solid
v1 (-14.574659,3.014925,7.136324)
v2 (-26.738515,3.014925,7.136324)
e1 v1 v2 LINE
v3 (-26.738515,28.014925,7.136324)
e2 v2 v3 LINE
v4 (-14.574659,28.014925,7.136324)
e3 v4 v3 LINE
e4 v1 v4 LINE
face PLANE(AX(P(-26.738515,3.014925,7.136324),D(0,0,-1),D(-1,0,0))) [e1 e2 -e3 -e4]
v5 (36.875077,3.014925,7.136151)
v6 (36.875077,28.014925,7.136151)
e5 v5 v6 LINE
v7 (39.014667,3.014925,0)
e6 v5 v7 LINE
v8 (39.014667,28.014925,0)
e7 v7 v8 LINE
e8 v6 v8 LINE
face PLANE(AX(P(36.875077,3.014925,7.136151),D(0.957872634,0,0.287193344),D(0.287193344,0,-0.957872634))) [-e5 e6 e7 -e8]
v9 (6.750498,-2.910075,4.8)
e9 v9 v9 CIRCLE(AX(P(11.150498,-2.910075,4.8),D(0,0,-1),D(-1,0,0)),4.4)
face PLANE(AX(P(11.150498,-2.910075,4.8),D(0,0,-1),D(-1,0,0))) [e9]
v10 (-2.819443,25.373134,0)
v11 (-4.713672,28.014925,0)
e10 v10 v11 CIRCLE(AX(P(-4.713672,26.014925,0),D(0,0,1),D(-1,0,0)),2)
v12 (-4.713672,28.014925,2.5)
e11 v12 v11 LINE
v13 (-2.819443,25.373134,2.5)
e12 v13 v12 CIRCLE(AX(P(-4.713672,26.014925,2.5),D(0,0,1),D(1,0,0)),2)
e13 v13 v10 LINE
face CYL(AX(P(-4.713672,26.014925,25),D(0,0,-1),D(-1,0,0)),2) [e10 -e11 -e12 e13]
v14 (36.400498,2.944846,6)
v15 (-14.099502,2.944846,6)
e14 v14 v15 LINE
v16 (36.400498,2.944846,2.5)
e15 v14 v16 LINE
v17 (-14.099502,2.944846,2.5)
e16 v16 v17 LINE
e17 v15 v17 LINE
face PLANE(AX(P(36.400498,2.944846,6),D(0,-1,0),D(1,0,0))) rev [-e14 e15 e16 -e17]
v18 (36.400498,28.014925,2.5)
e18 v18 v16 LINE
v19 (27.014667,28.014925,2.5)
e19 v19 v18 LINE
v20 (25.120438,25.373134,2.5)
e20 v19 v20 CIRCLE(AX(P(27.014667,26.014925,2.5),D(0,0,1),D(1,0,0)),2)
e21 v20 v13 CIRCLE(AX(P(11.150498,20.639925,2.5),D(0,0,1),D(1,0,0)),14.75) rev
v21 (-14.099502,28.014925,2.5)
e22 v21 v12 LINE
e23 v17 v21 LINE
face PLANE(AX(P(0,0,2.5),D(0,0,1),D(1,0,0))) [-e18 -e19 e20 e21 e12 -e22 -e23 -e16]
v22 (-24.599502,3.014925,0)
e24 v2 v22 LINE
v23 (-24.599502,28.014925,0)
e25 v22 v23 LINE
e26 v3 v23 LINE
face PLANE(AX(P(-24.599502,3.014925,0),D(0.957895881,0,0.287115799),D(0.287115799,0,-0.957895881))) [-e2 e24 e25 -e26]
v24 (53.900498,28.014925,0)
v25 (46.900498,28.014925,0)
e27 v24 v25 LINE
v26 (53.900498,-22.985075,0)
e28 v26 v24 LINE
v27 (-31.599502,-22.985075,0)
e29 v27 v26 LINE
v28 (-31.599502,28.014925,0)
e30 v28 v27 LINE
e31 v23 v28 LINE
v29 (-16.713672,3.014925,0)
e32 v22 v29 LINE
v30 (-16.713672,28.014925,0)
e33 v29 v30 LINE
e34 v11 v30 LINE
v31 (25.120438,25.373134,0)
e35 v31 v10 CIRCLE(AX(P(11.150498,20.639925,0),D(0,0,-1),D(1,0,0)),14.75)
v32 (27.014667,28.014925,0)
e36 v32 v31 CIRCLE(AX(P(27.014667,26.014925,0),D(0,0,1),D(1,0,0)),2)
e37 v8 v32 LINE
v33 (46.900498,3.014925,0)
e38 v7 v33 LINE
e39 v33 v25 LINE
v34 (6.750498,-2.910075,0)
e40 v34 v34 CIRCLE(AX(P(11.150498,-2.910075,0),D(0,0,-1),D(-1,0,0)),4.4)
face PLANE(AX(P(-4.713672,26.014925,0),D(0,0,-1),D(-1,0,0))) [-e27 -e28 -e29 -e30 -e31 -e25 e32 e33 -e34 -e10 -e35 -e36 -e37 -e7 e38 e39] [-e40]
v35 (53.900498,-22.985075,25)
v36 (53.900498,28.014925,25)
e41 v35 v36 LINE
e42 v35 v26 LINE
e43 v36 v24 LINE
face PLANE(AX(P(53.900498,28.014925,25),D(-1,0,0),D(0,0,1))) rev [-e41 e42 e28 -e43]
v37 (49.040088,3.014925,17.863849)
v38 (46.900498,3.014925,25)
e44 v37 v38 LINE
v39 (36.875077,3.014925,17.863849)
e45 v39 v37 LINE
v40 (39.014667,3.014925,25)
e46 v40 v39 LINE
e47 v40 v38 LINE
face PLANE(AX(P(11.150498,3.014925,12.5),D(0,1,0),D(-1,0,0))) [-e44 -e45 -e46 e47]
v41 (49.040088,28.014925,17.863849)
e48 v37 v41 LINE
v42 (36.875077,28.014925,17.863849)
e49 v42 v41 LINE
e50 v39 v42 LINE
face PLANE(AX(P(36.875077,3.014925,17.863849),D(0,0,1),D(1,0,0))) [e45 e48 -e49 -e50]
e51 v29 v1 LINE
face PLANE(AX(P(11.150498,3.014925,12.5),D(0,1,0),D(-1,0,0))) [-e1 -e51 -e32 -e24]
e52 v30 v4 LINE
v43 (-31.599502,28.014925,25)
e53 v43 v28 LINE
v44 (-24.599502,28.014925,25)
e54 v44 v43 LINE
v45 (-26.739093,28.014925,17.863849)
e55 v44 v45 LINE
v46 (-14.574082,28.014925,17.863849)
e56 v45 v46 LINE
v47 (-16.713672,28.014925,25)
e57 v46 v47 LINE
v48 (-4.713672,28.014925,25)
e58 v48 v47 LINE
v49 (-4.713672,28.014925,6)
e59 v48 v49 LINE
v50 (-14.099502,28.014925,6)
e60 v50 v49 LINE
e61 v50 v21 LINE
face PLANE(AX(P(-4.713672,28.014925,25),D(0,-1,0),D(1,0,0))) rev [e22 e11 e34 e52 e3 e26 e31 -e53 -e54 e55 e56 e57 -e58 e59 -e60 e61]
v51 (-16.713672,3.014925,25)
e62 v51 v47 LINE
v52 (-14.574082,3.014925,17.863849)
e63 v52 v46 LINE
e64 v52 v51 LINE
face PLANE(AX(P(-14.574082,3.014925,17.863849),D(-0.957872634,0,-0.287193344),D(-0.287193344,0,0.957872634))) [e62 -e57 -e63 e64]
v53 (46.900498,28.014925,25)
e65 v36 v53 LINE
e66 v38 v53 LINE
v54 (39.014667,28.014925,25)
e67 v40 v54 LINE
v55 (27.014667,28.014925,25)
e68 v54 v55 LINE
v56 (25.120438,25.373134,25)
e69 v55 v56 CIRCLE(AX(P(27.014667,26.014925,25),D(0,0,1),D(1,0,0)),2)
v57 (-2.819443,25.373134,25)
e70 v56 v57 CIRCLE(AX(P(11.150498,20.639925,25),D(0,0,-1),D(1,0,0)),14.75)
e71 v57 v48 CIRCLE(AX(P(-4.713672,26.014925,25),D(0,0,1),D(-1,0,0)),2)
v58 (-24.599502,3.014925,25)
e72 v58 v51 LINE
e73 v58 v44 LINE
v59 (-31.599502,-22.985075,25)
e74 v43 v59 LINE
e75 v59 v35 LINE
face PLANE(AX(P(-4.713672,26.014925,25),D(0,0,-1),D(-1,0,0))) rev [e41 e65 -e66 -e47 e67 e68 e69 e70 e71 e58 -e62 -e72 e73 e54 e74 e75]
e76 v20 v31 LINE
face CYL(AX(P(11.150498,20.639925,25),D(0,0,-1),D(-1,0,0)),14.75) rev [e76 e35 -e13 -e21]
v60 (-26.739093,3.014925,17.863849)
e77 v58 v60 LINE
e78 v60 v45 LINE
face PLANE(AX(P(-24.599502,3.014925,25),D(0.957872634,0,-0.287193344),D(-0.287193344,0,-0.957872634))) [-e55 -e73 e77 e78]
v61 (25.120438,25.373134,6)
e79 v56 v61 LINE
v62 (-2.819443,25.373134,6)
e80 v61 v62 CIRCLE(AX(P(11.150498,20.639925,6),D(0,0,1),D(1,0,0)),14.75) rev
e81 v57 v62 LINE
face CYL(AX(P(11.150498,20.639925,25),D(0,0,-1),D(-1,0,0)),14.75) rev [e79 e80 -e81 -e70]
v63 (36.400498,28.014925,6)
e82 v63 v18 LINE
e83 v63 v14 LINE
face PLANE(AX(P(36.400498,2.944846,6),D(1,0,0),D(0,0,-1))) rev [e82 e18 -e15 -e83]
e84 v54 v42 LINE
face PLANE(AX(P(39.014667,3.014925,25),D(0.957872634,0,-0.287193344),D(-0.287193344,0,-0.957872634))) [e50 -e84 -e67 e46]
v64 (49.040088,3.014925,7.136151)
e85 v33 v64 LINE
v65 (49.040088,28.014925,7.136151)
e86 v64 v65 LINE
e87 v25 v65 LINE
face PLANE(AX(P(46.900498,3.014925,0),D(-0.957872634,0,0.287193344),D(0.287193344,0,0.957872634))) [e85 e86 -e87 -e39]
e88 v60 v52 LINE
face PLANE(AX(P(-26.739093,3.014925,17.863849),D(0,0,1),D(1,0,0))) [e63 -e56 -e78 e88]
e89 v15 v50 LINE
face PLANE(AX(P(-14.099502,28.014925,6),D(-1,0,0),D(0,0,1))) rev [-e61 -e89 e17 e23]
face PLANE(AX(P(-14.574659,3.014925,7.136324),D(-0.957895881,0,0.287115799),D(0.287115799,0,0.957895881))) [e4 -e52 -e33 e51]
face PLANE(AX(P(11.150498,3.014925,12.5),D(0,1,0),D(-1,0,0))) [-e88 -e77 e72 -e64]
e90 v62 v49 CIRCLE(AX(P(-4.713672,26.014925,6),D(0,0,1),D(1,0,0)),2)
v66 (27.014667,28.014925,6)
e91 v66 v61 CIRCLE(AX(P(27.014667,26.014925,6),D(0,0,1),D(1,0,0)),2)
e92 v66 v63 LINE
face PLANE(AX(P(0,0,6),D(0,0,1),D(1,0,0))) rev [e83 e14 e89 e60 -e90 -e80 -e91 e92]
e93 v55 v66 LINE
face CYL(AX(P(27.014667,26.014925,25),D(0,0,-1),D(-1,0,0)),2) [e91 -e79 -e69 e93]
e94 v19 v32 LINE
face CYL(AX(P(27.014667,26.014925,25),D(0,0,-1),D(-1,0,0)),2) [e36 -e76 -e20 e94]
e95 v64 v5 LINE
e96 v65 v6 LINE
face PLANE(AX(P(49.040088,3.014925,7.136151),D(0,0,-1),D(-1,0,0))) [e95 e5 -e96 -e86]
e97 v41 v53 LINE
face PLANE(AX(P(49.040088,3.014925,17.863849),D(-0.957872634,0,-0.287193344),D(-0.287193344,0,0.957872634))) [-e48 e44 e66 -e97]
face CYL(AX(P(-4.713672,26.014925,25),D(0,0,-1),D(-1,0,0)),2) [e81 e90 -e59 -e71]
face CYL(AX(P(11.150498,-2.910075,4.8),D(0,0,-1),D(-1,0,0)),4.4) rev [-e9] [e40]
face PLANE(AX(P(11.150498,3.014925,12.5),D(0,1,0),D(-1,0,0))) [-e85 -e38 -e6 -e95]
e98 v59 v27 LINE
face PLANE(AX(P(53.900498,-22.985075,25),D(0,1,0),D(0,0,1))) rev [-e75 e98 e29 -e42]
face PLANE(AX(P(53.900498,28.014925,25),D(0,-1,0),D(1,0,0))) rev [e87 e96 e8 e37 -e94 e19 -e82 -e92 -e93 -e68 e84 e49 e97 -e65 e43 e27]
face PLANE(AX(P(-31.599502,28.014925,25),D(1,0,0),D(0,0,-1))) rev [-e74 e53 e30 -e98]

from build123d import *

# Parameters (mm, degrees)
BOSS_EXTRUDE1_DEPTH = 25
CUT_EXTRUDE3_START  = -25
SKETCH5_R           = 4.4
CUT_EXTRUDE3_DEPTH  = 4.8
SKETCH6_OUTSIDE_W   = 108.03
SKETCH6_OUTSIDE_H   = 47.53
CUT_EXTRUDE4_DEPTH  = 25
SKETCH8_W           = 50.5
SKETCH8_H           = 25.070079704
CUT_EXTRUDE5_DEPTH  = 3.5


with BuildPart() as part:
    # Sketch2 → Boss-Extrude1 (new body)
    with BuildSketch(Plane.XY):
        with BuildLine():
            Line((53.900497512, 28.014925373), (27.014667046, 28.014925373))
            ThreePointArc((27.014667046, 28.014925373), (25.389308303, 27.180347595), (25.120437848, 25.373134328))
            ThreePointArc((25.120437848, 25.373134328), (11.150497512, 5.889925373), (-2.819442823, 25.373134328))
            ThreePointArc((-2.819442823, 25.373134328), (-3.088313278, 27.180347595), (-4.713672021, 28.014925373))
            Line((-4.713672021, 28.014925373), (-31.599502488, 28.014925373))
            Line((-31.599502488, 28.014925373), (-31.599502488, -22.985074627))
            Line((-31.599502488, -22.985074627), (53.900497512, -22.985074627))
            Line((53.900497512, -22.985074627), (53.900497512, 28.014925373))
        make_face()
    extrude(amount=BOSS_EXTRUDE1_DEPTH)

    # Sketch5 → Cut-Extrude3 (cut)
    with BuildSketch(Plane.XY.offset(25).offset(CUT_EXTRUDE3_START)):
        with Locations((11.150497512, -2.910074627)):
            Circle(SKETCH5_R)
    extrude(amount=CUT_EXTRUDE3_DEPTH, mode=Mode.SUBTRACT)

    # Sketch6 outside → Cut-Extrude4 (cut)
    with BuildSketch(Plane(origin=(0, 28.014925373, 0), x_dir=(1, 0, 0), z_dir=(0, 1, 0))):
        with Locations((11.15, -12.5)):
            Rectangle(SKETCH6_OUTSIDE_W, SKETCH6_OUTSIDE_H)
        Polygon((-24.599502488, 0), (-26.73851519, -7.13632431), (-14.574659319, -7.13632431), (-16.713672021, 0), (-4.713672021, 0), (27.014667046, 0), (39.014667046, 0), (36.875076634, -7.136151124), (49.040087925, -7.136151124), (46.900497512, 0), (53.900497512, 0), (53.900497512, -25), (46.900497512, -25), (49.040087925, -17.863848876), (36.875076634, -17.863848876), (39.014667046, -25), (27.014667046, -25), (-4.713672021, -25), (-16.713672021, -25), (-14.574081609, -17.863848876), (-26.7390929, -17.863848876), (-24.599502488, -25), (-31.599502488, -25), (-31.599502488, 0), align=None, mode=Mode.SUBTRACT)
    extrude(amount=-CUT_EXTRUDE4_DEPTH, mode=Mode.SUBTRACT)

    # Sketch8 → Cut-Extrude5 (cut)
    with BuildSketch(Plane(origin=(0, 0, 2.5), x_dir=(-1, 0, 0), z_dir=(0, 0, -1))):
        with Locations((-11.150497512, 15.479885521)):
            Rectangle(SKETCH8_W, SKETCH8_H)
    extrude(amount=-CUT_EXTRUDE5_DEPTH, mode=Mode.SUBTRACT)


solid = part.part
